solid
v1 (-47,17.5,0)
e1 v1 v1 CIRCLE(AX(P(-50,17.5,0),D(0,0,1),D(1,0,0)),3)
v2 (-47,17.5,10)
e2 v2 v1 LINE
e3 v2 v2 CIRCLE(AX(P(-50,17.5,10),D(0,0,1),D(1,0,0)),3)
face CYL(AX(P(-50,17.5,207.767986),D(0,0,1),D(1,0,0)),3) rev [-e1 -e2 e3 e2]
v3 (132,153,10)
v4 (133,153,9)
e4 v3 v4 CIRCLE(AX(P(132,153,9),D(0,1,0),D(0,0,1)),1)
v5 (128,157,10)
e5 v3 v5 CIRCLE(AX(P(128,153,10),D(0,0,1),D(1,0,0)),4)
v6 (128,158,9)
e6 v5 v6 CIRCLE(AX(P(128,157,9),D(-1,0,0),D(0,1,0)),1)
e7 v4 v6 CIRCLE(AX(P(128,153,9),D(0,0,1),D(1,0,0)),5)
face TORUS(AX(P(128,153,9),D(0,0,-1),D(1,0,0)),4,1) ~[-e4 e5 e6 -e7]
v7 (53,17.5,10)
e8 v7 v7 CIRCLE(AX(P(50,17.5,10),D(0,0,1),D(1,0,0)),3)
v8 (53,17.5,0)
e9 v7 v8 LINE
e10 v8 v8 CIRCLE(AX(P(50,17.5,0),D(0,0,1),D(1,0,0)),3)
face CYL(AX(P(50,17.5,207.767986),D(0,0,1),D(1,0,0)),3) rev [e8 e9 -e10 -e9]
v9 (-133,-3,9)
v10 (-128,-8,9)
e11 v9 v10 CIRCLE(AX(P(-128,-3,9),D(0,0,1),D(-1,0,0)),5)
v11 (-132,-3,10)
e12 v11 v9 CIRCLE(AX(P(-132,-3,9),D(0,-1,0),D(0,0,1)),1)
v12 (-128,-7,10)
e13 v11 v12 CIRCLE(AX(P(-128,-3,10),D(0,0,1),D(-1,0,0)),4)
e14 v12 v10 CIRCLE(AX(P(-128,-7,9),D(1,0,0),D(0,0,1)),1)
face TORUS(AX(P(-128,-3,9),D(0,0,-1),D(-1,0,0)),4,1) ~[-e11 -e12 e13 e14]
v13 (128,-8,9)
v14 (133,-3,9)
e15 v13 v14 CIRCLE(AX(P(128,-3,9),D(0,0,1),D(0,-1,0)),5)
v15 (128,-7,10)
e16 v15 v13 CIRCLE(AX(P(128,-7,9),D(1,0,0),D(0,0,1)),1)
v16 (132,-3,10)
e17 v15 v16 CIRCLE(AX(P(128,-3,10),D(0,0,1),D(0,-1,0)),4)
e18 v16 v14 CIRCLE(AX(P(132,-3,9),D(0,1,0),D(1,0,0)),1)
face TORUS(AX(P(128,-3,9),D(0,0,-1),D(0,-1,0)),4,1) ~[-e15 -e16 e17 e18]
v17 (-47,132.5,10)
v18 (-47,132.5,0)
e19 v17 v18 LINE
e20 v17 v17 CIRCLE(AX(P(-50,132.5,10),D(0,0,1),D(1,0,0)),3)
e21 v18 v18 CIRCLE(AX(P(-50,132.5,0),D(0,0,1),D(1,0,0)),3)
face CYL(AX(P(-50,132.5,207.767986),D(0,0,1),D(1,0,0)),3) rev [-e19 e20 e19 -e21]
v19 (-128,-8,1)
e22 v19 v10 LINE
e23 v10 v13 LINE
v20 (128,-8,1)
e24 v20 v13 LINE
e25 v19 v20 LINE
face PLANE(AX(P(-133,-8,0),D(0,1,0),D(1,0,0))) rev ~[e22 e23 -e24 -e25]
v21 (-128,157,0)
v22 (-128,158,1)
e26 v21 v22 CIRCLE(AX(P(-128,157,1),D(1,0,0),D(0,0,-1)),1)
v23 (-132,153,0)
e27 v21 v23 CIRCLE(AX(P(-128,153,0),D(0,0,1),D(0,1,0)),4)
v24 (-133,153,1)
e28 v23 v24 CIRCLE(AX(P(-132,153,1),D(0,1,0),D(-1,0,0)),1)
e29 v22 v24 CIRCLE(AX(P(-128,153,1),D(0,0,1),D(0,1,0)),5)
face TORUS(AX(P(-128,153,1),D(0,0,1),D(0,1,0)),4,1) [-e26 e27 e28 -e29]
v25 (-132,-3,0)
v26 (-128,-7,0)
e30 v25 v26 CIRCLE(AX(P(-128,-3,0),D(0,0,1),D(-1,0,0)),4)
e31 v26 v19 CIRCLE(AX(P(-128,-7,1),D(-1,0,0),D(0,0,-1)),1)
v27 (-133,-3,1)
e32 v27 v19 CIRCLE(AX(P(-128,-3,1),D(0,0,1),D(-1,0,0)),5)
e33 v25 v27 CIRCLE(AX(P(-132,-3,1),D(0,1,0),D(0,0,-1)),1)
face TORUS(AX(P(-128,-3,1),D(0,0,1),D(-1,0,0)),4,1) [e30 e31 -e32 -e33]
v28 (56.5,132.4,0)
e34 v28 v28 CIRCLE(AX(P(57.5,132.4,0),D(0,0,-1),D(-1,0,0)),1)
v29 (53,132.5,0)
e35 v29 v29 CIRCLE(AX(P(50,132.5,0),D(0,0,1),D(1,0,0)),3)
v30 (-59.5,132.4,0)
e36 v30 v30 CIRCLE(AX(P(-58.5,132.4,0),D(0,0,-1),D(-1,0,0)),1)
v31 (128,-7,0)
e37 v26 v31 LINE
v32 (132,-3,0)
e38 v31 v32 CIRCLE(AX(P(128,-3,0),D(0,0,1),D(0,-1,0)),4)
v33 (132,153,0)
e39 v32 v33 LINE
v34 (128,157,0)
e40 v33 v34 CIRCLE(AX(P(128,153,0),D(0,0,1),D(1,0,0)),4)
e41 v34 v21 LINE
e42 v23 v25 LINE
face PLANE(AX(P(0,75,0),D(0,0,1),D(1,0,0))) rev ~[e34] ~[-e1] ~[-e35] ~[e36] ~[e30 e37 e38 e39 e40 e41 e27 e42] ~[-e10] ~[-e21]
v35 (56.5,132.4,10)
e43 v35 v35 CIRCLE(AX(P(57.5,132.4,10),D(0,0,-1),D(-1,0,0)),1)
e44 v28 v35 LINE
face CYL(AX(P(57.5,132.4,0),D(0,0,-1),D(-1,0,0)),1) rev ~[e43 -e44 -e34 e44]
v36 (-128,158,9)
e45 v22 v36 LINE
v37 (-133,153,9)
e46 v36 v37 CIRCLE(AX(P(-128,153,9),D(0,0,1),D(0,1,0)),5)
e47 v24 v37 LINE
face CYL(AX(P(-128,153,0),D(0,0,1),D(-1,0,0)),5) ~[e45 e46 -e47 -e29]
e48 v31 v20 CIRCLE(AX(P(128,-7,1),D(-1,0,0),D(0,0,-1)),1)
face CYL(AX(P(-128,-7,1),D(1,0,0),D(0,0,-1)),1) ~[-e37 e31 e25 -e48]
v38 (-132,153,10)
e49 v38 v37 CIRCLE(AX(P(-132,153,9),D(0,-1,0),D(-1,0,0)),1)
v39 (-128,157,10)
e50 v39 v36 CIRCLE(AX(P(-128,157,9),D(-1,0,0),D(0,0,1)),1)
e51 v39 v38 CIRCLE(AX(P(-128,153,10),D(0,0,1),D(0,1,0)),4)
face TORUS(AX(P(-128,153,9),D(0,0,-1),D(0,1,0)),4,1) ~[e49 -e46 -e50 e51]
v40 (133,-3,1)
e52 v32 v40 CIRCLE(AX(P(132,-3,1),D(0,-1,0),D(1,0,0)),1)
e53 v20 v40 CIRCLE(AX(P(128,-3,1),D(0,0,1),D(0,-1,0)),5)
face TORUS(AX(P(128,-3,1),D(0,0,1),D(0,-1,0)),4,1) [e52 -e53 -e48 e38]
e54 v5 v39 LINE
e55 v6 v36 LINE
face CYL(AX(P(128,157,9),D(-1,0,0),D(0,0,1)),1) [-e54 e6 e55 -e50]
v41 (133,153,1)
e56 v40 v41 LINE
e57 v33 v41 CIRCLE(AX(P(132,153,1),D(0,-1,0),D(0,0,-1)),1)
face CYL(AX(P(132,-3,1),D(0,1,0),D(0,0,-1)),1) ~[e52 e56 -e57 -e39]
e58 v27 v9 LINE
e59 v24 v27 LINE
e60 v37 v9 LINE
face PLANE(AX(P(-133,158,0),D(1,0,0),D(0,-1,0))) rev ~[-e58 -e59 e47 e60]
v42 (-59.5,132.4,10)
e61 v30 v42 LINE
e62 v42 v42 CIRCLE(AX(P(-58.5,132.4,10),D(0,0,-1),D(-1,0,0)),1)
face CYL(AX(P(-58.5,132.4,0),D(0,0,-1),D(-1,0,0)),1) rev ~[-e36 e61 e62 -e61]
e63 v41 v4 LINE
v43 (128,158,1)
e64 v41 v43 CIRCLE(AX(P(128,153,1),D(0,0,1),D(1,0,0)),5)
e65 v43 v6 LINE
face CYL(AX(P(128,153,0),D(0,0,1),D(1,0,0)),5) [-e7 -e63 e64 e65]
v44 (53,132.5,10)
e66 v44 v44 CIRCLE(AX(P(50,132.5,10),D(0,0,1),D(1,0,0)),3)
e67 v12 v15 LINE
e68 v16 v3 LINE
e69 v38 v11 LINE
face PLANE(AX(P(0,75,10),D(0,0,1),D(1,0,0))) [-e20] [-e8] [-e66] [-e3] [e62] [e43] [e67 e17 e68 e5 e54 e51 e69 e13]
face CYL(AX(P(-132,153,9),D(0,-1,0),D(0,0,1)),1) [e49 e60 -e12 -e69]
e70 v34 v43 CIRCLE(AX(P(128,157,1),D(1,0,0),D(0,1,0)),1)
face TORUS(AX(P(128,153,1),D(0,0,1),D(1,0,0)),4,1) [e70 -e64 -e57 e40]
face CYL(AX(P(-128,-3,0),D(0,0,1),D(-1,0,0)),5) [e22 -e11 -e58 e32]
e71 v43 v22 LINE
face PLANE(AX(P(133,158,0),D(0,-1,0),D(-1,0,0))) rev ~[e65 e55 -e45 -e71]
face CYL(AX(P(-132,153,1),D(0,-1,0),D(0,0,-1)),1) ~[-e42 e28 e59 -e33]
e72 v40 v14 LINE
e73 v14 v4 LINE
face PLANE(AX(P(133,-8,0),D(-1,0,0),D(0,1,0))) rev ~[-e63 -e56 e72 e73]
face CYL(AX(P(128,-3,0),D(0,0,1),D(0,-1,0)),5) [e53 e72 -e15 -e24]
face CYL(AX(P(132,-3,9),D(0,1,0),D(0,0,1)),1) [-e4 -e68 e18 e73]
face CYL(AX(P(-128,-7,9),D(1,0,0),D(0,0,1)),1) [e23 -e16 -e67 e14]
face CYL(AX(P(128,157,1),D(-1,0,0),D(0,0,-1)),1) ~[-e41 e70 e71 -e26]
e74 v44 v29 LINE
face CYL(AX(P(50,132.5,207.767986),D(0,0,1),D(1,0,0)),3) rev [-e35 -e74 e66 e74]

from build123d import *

# Parameters (mm, degrees)
BOSS_EXTRUDE1_DEPTH     = 10
FILLET1_R               = 5
CUT_EXTRUDE1_DEPTH      = 207.767985917
CUT_EXTRUDE1_DEPTH_BACK = 207.767985917
SKETCH2_R               = 3
FILLET2_R               = 1
SKETCH4_R               = 1
CUT_EXTRUDE2_DEPTH      = 207.767985981


with BuildPart() as part:
    # Sketch1 → Boss-Extrude1 (new body)
    with BuildSketch(Plane.XY):
        Polygon((125, 158), (-125, 158), (-133, 158), (-133, 150), (-133, 0), (-133, -8), (-125, -8), (125, -8), (133, -8), (133, 0), (133, 150), (133, 158), align=None)
    extrude(amount=BOSS_EXTRUDE1_DEPTH)

    # Fillet1
    fillet1_edges = [part.edges().sort_by_distance(p)[0] for p in [
        (-133, -8, 5),
        (133, -8, 5),
        (133, 158, 5),
        (-133, 158, 5),
    ]]
    fillet(fillet1_edges, radius=FILLET1_R)

    # Sketch2 → Cut-Extrude1 (cut, two sides: drawn at the far end of the back side and taken through both)
    with BuildSketch(Plane(origin=(0, 0, 0), x_dir=(-1, 0, 0), z_dir=(0, 0, -1)).offset(-CUT_EXTRUDE1_DEPTH_BACK)):
        with Locations(Location((-50, 132.5, 0), (0, 0, 180))):
            Circle(SKETCH2_R)
        with Locations(Location((50, 132.5, 0), (0, 0, 180))):
            Circle(SKETCH2_R)
        with Locations(Location((-50, 17.5, 0), (0, 0, 180))):
            Circle(SKETCH2_R)
        with Locations(Location((50, 17.5, 0), (0, 0, 180))):
            Circle(SKETCH2_R)
    extrude(amount=CUT_EXTRUDE1_DEPTH + CUT_EXTRUDE1_DEPTH_BACK, mode=Mode.SUBTRACT)

    # Fillet2
    fillet2_edges = [part.edges().sort_by_distance(p)[0] for p in [
        (0, -8, 10),
        (0, -8, 0),
        (131.535533906, -6.535533906, 10),
        (-131.535533906, -6.535533906, 10),
        (133, 75, 10),
        (-133, 75, 10),
        (131.535533906, 156.535533906, 10),
        (-131.535533906, 156.535533906, 10),
        (0, 158, 10),
        (131.535533906, -6.535533906, 0),
        (-131.535533906, -6.535533906, 0),
        (-133, 75, 0),
        (133, 75, 0),
        (-131.535533906, 156.535533906, 0),
        (131.535533906, 156.535533906, 0),
        (0, 158, 0),
    ]]
    fillet(fillet2_edges, radius=FILLET2_R)

    # Sketch4 → Cut-Extrude2 (cut, through all)
    with BuildSketch(Plane(origin=(0, 0, 0), x_dir=(-1, 0, 0), z_dir=(0, 0, -1))):
        with Locations((58.5, 132.4)):
            Circle(SKETCH4_R)
        with Locations((-57.5, 132.4)):
            Circle(SKETCH4_R)
    extrude(amount=-CUT_EXTRUDE2_DEPTH, mode=Mode.SUBTRACT)


solid = part.part
